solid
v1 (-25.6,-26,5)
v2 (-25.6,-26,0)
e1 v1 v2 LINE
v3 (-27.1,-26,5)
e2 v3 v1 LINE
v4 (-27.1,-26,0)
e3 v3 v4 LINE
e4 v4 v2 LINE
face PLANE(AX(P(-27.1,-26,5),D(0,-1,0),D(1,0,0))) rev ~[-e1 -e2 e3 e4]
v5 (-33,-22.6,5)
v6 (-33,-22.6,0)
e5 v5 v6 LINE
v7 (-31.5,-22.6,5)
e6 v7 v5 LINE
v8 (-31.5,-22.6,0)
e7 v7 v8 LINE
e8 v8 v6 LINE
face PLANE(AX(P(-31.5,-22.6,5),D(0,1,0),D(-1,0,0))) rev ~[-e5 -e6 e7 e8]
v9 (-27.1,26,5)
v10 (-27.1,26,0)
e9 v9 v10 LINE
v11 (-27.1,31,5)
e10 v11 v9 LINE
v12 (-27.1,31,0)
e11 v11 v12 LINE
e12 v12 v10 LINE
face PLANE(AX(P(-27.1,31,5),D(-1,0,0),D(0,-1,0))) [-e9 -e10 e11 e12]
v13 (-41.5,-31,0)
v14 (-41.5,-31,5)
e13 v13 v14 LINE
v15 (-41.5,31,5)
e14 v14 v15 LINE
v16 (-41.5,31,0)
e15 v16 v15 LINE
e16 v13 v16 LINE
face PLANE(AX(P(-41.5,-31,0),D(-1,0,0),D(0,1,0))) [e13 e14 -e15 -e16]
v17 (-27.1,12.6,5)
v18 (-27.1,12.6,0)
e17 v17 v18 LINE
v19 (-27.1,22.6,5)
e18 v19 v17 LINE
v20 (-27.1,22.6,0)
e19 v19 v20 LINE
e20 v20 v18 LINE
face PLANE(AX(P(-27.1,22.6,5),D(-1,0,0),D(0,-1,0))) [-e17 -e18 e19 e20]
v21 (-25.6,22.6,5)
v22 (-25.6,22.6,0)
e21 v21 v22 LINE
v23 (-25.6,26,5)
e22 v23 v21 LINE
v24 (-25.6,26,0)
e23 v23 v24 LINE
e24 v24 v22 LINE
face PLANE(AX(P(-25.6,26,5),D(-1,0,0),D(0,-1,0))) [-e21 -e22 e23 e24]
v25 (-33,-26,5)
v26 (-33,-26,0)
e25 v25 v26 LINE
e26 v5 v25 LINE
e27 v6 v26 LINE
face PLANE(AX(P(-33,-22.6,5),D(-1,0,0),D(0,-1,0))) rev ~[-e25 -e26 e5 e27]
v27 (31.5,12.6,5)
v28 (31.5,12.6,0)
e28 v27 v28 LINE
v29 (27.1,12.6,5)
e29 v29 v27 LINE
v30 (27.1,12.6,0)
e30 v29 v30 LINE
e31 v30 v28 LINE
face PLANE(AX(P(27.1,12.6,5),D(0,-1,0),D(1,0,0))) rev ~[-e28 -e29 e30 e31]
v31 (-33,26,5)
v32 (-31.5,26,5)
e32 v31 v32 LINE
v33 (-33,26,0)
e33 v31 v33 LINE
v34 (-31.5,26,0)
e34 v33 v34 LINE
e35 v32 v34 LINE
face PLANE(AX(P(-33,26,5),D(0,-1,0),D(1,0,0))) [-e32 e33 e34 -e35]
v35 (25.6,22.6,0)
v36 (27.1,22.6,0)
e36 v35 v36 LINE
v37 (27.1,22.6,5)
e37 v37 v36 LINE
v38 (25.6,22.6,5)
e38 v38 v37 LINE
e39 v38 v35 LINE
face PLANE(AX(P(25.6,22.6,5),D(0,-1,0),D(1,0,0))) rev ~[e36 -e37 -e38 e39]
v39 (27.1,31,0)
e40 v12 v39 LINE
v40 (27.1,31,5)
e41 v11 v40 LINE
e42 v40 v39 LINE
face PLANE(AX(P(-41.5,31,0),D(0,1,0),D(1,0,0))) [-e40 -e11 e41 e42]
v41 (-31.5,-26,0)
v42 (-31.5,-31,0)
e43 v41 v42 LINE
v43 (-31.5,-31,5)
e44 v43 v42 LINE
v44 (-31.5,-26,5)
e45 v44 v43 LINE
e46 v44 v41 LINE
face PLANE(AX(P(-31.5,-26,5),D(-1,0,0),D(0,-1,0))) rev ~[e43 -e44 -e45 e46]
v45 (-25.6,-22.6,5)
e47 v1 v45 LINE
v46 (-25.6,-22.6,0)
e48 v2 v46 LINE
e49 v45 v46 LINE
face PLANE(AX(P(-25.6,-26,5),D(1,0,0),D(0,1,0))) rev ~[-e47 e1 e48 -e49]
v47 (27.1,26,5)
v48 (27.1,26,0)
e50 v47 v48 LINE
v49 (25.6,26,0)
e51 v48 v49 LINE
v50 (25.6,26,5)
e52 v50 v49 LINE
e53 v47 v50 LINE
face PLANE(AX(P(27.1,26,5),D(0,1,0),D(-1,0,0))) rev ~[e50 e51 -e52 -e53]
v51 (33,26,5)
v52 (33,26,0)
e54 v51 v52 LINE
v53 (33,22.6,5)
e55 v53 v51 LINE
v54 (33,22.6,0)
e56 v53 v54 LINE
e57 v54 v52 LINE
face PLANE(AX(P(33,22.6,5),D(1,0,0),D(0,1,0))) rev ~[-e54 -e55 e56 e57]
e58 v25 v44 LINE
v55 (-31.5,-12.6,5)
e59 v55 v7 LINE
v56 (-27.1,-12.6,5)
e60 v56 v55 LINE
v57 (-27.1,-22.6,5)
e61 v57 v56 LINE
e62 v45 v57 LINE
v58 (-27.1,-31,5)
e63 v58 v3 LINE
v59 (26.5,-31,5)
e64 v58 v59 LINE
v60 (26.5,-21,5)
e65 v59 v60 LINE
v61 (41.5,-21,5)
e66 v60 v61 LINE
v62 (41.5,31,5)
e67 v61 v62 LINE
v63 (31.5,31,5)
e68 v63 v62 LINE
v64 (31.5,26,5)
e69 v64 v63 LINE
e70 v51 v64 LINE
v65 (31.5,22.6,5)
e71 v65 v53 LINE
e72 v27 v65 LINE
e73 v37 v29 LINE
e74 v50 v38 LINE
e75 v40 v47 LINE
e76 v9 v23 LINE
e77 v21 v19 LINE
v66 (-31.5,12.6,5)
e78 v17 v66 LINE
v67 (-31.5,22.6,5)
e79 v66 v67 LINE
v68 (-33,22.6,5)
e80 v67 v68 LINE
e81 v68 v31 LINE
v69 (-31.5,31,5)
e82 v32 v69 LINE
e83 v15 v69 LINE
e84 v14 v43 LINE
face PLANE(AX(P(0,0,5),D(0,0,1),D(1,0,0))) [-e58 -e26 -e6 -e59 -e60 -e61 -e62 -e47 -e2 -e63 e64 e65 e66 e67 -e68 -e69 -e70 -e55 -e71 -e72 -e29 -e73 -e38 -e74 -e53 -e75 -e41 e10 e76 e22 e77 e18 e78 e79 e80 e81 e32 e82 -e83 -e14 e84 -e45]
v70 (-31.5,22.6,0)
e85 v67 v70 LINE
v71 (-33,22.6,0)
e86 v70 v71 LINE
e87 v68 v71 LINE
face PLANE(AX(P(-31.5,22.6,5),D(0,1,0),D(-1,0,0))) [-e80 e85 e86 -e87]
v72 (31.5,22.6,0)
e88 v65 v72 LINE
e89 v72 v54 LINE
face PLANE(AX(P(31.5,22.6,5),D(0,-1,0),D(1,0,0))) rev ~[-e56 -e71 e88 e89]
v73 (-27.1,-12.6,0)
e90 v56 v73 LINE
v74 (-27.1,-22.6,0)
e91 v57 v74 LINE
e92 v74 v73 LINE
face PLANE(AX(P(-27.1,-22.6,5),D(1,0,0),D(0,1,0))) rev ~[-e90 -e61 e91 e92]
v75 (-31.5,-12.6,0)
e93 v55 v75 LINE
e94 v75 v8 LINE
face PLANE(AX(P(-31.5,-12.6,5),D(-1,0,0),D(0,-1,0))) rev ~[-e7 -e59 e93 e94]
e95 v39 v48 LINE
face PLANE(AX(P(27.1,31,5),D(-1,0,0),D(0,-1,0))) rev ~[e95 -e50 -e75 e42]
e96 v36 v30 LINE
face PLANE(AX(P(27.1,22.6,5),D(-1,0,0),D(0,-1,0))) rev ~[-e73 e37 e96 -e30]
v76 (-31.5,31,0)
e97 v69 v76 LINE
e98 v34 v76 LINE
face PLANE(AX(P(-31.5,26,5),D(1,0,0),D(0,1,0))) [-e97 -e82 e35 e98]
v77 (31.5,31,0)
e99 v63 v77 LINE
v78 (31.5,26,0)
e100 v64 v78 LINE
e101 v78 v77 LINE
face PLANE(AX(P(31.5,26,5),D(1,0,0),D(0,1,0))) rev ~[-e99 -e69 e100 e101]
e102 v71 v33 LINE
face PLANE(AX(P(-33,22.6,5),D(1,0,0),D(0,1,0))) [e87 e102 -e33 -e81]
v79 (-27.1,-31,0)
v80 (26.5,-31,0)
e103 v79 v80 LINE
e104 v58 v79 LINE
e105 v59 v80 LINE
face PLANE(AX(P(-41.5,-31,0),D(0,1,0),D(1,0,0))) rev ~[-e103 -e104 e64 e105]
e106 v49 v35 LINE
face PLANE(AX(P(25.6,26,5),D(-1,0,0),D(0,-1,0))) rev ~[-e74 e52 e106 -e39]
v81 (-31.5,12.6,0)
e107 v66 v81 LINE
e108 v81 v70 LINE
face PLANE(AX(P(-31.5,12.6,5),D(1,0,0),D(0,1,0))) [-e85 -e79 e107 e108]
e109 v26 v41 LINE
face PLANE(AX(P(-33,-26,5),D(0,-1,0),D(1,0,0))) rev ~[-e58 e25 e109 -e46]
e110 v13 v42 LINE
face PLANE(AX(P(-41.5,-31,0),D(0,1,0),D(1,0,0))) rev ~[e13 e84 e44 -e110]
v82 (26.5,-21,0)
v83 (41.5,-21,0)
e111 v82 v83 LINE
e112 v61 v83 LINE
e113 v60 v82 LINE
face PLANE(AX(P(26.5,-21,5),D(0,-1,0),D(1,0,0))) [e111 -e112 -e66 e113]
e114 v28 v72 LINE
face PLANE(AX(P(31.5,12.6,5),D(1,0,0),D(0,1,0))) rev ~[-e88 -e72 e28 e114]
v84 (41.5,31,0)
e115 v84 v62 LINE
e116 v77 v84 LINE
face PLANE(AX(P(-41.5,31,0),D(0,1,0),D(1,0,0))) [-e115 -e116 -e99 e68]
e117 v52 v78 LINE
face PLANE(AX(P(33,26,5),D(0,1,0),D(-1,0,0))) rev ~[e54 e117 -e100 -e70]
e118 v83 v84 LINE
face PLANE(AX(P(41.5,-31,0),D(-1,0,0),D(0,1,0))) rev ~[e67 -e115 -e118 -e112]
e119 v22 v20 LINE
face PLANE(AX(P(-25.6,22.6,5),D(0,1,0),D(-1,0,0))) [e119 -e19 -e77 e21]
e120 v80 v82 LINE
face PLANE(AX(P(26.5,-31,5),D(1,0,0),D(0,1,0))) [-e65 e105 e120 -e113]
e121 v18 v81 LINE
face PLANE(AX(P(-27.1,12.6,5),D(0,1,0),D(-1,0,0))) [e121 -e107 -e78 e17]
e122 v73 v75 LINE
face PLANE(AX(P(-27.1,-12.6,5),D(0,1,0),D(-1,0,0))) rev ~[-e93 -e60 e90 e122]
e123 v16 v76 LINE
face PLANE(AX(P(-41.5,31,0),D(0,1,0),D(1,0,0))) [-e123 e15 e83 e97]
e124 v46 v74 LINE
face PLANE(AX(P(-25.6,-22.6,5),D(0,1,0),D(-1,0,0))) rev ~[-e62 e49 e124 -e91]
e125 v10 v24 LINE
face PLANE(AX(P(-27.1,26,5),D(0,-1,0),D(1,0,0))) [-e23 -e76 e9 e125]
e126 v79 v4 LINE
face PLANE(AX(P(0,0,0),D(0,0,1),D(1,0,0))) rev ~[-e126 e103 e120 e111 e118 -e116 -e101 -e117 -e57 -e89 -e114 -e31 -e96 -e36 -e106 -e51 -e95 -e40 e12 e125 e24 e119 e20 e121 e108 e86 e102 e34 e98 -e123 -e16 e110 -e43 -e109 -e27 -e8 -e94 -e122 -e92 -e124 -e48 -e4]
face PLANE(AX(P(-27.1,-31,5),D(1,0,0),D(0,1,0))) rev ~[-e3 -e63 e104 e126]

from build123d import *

# Parameters (mm, degrees)
SKETCH1_W           = 83
SKETCH1_H           = 62
BOSS_EXTRUDE1_DEPTH = 5
SKETCH2_W           = 15
SKETCH2_H           = 10
CUT_EXTRUDE1_DEPTH  = 10
CUT_EXTRUDE2_DEPTH  = 5


with BuildPart() as part:
    # Sketch1 → Boss-Extrude1 (new body)
    with BuildSketch(Plane.XY):
        Rectangle(SKETCH1_W, SKETCH1_H)
    extrude(amount=BOSS_EXTRUDE1_DEPTH)

    # Sketch2 → Cut-Extrude1 (cut)
    with BuildSketch(Plane.XY.offset(5)):
        with Locations((34, -26)):
            Rectangle(SKETCH2_W, SKETCH2_H)
    extrude(amount=-CUT_EXTRUDE1_DEPTH, mode=Mode.SUBTRACT)

    # Sketch3 → Cut-Extrude2 (cut)
    with BuildSketch(Plane.XY.offset(5)):
        Polygon((-27.1, 22.6), (-27.1, 12.6), (-31.5, 12.6), (-31.5, 22.6), (-33, 22.6), (-33, 26), (-31.5, 26), (-31.5, 31), (-27.1, 31), (-27.1, 26), (-25.6, 26), (-25.6, 22.6), align=None)
        Polygon((31.5, 12.6), (31.5, 22.6), (33, 22.6), (33, 26), (31.5, 26), (31.5, 31), (27.1, 31), (27.1, 26), (25.6, 26), (25.6, 22.6), (27.1, 22.6), (27.1, 12.6), align=None)
        Polygon((-31.5, -12.6), (-31.5, -22.6), (-33, -22.6), (-33, -26), (-31.5, -26), (-31.5, -31), (-27.1, -31), (-27.1, -26), (-25.6, -26), (-25.6, -22.6), (-27.1, -22.6), (-27.1, -12.6), align=None)
    extrude(amount=-CUT_EXTRUDE2_DEPTH, mode=Mode.SUBTRACT)


solid = part.part
